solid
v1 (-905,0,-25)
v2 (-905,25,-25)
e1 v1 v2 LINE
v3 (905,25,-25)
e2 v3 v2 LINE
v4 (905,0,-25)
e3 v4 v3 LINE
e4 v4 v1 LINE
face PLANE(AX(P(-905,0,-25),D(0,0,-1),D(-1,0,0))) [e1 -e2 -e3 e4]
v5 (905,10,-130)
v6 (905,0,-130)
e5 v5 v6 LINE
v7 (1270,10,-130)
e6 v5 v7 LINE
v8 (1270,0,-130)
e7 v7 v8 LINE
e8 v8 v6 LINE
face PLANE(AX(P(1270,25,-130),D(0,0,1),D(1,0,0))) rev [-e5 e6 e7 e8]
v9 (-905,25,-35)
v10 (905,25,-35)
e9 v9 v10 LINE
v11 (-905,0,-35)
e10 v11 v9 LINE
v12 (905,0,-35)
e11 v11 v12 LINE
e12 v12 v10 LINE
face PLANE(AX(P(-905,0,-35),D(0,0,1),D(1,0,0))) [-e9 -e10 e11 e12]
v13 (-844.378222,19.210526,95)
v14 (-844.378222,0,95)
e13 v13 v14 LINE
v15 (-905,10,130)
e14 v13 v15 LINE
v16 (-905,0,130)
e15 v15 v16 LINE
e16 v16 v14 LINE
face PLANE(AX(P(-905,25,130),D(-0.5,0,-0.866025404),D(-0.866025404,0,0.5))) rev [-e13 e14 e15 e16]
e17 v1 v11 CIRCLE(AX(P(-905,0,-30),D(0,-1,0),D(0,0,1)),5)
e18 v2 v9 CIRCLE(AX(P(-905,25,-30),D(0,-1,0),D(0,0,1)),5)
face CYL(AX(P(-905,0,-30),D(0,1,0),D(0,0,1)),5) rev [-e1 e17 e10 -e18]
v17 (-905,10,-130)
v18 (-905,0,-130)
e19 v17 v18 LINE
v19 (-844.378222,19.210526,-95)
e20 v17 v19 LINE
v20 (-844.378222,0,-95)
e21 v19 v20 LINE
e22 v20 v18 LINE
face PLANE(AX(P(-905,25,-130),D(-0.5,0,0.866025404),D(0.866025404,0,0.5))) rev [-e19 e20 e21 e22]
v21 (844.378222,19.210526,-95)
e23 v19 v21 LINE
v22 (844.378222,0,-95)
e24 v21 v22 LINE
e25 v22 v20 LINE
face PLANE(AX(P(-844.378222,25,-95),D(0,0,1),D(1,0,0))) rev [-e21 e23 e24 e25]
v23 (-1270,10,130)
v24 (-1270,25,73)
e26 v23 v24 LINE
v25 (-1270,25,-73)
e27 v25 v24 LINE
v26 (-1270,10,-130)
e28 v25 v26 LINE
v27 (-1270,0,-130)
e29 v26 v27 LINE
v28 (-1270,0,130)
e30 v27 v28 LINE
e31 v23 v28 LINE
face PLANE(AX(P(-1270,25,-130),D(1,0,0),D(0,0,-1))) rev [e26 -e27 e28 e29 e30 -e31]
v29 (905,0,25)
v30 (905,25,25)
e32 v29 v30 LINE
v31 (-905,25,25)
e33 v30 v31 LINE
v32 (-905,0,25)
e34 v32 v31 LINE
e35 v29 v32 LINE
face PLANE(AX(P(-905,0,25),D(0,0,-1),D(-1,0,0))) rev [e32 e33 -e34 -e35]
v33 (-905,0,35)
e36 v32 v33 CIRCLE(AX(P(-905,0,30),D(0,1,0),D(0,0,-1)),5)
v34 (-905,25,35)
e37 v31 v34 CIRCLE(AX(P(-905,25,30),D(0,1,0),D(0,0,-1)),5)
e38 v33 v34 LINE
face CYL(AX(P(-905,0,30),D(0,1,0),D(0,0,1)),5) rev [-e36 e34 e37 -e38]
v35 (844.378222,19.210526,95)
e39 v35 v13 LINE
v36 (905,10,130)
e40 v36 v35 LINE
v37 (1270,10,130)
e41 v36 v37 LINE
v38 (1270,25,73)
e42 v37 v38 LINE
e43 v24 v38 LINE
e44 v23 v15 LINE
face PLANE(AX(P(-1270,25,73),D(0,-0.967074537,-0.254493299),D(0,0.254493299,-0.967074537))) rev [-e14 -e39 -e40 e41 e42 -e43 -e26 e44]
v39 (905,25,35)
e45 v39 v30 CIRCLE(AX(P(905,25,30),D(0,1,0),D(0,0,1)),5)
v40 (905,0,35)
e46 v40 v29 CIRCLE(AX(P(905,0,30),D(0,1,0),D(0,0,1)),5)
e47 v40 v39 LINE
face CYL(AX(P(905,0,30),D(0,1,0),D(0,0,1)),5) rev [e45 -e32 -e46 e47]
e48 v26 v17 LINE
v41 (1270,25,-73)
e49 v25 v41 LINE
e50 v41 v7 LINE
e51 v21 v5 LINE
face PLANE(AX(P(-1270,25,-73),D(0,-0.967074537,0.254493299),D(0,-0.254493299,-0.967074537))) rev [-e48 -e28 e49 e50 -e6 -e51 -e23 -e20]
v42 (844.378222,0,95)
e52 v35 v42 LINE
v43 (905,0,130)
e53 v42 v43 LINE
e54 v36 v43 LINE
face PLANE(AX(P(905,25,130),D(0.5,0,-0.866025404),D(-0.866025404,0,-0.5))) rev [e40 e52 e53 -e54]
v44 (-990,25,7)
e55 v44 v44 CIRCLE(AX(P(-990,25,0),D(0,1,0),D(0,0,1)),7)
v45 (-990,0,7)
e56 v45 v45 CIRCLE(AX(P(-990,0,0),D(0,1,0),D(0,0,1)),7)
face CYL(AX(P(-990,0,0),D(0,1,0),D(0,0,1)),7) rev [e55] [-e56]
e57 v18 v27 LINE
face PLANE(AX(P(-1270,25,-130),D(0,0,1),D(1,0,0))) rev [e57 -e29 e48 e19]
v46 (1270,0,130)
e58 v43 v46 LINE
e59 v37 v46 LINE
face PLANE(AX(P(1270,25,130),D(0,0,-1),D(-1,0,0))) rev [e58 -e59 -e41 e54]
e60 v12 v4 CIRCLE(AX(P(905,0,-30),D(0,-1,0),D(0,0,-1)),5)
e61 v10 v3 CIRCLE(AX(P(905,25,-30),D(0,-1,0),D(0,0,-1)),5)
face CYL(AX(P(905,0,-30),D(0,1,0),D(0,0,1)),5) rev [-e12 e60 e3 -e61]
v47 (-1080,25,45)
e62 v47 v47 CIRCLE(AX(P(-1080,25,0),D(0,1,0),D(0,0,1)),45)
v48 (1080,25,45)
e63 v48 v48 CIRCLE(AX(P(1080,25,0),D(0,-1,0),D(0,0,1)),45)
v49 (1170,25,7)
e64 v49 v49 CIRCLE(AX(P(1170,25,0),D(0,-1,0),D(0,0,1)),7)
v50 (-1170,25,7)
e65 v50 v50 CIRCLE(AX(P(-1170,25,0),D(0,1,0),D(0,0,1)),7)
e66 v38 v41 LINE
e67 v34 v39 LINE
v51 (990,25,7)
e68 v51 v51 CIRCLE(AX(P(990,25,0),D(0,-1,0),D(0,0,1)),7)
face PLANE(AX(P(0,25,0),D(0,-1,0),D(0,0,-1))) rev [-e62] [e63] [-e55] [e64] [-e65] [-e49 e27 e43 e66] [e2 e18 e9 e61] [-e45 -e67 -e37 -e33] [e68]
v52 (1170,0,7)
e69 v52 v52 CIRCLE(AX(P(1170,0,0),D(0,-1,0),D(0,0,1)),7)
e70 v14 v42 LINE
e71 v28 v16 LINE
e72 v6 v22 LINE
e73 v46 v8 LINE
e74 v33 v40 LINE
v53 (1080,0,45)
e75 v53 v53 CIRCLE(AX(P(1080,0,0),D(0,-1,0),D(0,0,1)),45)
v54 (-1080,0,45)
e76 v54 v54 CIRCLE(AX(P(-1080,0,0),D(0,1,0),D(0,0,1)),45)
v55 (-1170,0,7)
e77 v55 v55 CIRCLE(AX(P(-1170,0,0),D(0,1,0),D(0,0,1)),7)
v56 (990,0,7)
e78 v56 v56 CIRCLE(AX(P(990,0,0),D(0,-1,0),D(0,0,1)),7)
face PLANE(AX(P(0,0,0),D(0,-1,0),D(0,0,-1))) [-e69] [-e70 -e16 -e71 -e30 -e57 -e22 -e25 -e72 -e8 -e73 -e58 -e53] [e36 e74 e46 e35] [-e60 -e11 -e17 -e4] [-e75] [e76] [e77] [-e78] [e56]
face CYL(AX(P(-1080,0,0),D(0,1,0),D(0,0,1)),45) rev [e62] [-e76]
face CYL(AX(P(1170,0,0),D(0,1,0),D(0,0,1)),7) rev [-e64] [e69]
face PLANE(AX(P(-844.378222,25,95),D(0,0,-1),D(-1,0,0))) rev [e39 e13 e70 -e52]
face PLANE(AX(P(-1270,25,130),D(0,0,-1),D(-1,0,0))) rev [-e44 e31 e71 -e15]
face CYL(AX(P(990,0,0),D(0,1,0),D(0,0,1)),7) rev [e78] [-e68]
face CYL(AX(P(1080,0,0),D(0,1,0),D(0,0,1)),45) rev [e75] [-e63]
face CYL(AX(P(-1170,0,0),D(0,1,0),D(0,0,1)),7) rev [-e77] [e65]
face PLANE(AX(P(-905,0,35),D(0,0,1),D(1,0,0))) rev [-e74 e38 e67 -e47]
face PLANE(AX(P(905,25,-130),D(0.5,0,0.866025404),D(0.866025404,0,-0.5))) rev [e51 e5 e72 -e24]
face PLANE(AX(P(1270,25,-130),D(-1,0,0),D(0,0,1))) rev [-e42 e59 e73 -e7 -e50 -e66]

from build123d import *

# Parameters (mm, degrees)
EXTRUDE_1_DEPTH     = 25
SKETCH_2_R          = 45
SKETCH_2_R_2        = 7
CUT_EXTRUDE_1_DEPTH = 1277.880965478
CUT_EXTRUDE_2_DEPTH = 1277.880965478
CUT_EXTRUDE_3_DEPTH = 2544.447463582


with BuildPart() as part:
    # 草图1 → 凸台-拉伸1 (new body)
    with BuildSketch(Plane(origin=(0, 0, 0), x_dir=(1, 0, 0), z_dir=(0, 1, 0))):
        Polygon((-1270, 130), (-1270, -130), (-905, -130), (-844.378221735, -95), (844.378221735, -95), (905, -130), (1270, -130), (1270, 130), (905, 130), (844.378221735, 95), (-844.378221735, 95), (-905, 130), align=None)
    extrude(amount=EXTRUDE_1_DEPTH)

    # 草图2 → 切除-拉伸1 (cut, through all)
    with BuildSketch(Plane(origin=(0, 25, 0), x_dir=(1, 0, 0), z_dir=(0, 1, 0))):
        with Locations(Location((-1080, 0, 0), (0, 0, 270))):
            Circle(SKETCH_2_R)
        with Locations(Location((-1170, 0, 0), (0, 0, 270))):
            Circle(SKETCH_2_R_2)
        with Locations(Location((-990, 0, 0), (0, 0, 270))):
            Circle(SKETCH_2_R_2)
    cut_extrude_1 = extrude(amount=-CUT_EXTRUDE_1_DEPTH, mode=Mode.SUBTRACT)

    # 镜向1: 切除-拉伸1 across plane
    add(cut_extrude_1.mirror(Plane(origin=(0, 0, 0), x_dir=(0, 0, 1), z_dir=(1, 0, 0))), mode=Mode.SUBTRACT)

    # 草图3 → 切除-拉伸2 (cut, through all)
    with BuildSketch(Plane(origin=(0, 25, 0), x_dir=(1, 0, 0), z_dir=(0, 1, 0))):
        with BuildLine():
            Line((-905, -35), (905, -35))
            ThreePointArc((905, -35), (910, -30), (905, -25))
            Line((905, -25), (-905, -25))
            ThreePointArc((-905, -25), (-910, -30), (-905, -35))
        make_face()
    cut_extrude_2 = extrude(amount=-CUT_EXTRUDE_2_DEPTH, mode=Mode.SUBTRACT)

    # 镜向2: 切除-拉伸2 across plane
    add(cut_extrude_2.mirror(Plane.XY), mode=Mode.SUBTRACT)

    # 草图6 → 切除-拉伸3 (cut, through all)
    with BuildSketch(Plane(origin=(1270, 0, 0), x_dir=(0, 0, -1), z_dir=(1, 0, 0))):
        Polygon((-73, 25), (-130, 10), (-130, 25), align=None)
        Polygon((73, 25), (130, 10), (130, 25), align=None)
    extrude(amount=-CUT_EXTRUDE_3_DEPTH, mode=Mode.SUBTRACT)


solid = part.part
